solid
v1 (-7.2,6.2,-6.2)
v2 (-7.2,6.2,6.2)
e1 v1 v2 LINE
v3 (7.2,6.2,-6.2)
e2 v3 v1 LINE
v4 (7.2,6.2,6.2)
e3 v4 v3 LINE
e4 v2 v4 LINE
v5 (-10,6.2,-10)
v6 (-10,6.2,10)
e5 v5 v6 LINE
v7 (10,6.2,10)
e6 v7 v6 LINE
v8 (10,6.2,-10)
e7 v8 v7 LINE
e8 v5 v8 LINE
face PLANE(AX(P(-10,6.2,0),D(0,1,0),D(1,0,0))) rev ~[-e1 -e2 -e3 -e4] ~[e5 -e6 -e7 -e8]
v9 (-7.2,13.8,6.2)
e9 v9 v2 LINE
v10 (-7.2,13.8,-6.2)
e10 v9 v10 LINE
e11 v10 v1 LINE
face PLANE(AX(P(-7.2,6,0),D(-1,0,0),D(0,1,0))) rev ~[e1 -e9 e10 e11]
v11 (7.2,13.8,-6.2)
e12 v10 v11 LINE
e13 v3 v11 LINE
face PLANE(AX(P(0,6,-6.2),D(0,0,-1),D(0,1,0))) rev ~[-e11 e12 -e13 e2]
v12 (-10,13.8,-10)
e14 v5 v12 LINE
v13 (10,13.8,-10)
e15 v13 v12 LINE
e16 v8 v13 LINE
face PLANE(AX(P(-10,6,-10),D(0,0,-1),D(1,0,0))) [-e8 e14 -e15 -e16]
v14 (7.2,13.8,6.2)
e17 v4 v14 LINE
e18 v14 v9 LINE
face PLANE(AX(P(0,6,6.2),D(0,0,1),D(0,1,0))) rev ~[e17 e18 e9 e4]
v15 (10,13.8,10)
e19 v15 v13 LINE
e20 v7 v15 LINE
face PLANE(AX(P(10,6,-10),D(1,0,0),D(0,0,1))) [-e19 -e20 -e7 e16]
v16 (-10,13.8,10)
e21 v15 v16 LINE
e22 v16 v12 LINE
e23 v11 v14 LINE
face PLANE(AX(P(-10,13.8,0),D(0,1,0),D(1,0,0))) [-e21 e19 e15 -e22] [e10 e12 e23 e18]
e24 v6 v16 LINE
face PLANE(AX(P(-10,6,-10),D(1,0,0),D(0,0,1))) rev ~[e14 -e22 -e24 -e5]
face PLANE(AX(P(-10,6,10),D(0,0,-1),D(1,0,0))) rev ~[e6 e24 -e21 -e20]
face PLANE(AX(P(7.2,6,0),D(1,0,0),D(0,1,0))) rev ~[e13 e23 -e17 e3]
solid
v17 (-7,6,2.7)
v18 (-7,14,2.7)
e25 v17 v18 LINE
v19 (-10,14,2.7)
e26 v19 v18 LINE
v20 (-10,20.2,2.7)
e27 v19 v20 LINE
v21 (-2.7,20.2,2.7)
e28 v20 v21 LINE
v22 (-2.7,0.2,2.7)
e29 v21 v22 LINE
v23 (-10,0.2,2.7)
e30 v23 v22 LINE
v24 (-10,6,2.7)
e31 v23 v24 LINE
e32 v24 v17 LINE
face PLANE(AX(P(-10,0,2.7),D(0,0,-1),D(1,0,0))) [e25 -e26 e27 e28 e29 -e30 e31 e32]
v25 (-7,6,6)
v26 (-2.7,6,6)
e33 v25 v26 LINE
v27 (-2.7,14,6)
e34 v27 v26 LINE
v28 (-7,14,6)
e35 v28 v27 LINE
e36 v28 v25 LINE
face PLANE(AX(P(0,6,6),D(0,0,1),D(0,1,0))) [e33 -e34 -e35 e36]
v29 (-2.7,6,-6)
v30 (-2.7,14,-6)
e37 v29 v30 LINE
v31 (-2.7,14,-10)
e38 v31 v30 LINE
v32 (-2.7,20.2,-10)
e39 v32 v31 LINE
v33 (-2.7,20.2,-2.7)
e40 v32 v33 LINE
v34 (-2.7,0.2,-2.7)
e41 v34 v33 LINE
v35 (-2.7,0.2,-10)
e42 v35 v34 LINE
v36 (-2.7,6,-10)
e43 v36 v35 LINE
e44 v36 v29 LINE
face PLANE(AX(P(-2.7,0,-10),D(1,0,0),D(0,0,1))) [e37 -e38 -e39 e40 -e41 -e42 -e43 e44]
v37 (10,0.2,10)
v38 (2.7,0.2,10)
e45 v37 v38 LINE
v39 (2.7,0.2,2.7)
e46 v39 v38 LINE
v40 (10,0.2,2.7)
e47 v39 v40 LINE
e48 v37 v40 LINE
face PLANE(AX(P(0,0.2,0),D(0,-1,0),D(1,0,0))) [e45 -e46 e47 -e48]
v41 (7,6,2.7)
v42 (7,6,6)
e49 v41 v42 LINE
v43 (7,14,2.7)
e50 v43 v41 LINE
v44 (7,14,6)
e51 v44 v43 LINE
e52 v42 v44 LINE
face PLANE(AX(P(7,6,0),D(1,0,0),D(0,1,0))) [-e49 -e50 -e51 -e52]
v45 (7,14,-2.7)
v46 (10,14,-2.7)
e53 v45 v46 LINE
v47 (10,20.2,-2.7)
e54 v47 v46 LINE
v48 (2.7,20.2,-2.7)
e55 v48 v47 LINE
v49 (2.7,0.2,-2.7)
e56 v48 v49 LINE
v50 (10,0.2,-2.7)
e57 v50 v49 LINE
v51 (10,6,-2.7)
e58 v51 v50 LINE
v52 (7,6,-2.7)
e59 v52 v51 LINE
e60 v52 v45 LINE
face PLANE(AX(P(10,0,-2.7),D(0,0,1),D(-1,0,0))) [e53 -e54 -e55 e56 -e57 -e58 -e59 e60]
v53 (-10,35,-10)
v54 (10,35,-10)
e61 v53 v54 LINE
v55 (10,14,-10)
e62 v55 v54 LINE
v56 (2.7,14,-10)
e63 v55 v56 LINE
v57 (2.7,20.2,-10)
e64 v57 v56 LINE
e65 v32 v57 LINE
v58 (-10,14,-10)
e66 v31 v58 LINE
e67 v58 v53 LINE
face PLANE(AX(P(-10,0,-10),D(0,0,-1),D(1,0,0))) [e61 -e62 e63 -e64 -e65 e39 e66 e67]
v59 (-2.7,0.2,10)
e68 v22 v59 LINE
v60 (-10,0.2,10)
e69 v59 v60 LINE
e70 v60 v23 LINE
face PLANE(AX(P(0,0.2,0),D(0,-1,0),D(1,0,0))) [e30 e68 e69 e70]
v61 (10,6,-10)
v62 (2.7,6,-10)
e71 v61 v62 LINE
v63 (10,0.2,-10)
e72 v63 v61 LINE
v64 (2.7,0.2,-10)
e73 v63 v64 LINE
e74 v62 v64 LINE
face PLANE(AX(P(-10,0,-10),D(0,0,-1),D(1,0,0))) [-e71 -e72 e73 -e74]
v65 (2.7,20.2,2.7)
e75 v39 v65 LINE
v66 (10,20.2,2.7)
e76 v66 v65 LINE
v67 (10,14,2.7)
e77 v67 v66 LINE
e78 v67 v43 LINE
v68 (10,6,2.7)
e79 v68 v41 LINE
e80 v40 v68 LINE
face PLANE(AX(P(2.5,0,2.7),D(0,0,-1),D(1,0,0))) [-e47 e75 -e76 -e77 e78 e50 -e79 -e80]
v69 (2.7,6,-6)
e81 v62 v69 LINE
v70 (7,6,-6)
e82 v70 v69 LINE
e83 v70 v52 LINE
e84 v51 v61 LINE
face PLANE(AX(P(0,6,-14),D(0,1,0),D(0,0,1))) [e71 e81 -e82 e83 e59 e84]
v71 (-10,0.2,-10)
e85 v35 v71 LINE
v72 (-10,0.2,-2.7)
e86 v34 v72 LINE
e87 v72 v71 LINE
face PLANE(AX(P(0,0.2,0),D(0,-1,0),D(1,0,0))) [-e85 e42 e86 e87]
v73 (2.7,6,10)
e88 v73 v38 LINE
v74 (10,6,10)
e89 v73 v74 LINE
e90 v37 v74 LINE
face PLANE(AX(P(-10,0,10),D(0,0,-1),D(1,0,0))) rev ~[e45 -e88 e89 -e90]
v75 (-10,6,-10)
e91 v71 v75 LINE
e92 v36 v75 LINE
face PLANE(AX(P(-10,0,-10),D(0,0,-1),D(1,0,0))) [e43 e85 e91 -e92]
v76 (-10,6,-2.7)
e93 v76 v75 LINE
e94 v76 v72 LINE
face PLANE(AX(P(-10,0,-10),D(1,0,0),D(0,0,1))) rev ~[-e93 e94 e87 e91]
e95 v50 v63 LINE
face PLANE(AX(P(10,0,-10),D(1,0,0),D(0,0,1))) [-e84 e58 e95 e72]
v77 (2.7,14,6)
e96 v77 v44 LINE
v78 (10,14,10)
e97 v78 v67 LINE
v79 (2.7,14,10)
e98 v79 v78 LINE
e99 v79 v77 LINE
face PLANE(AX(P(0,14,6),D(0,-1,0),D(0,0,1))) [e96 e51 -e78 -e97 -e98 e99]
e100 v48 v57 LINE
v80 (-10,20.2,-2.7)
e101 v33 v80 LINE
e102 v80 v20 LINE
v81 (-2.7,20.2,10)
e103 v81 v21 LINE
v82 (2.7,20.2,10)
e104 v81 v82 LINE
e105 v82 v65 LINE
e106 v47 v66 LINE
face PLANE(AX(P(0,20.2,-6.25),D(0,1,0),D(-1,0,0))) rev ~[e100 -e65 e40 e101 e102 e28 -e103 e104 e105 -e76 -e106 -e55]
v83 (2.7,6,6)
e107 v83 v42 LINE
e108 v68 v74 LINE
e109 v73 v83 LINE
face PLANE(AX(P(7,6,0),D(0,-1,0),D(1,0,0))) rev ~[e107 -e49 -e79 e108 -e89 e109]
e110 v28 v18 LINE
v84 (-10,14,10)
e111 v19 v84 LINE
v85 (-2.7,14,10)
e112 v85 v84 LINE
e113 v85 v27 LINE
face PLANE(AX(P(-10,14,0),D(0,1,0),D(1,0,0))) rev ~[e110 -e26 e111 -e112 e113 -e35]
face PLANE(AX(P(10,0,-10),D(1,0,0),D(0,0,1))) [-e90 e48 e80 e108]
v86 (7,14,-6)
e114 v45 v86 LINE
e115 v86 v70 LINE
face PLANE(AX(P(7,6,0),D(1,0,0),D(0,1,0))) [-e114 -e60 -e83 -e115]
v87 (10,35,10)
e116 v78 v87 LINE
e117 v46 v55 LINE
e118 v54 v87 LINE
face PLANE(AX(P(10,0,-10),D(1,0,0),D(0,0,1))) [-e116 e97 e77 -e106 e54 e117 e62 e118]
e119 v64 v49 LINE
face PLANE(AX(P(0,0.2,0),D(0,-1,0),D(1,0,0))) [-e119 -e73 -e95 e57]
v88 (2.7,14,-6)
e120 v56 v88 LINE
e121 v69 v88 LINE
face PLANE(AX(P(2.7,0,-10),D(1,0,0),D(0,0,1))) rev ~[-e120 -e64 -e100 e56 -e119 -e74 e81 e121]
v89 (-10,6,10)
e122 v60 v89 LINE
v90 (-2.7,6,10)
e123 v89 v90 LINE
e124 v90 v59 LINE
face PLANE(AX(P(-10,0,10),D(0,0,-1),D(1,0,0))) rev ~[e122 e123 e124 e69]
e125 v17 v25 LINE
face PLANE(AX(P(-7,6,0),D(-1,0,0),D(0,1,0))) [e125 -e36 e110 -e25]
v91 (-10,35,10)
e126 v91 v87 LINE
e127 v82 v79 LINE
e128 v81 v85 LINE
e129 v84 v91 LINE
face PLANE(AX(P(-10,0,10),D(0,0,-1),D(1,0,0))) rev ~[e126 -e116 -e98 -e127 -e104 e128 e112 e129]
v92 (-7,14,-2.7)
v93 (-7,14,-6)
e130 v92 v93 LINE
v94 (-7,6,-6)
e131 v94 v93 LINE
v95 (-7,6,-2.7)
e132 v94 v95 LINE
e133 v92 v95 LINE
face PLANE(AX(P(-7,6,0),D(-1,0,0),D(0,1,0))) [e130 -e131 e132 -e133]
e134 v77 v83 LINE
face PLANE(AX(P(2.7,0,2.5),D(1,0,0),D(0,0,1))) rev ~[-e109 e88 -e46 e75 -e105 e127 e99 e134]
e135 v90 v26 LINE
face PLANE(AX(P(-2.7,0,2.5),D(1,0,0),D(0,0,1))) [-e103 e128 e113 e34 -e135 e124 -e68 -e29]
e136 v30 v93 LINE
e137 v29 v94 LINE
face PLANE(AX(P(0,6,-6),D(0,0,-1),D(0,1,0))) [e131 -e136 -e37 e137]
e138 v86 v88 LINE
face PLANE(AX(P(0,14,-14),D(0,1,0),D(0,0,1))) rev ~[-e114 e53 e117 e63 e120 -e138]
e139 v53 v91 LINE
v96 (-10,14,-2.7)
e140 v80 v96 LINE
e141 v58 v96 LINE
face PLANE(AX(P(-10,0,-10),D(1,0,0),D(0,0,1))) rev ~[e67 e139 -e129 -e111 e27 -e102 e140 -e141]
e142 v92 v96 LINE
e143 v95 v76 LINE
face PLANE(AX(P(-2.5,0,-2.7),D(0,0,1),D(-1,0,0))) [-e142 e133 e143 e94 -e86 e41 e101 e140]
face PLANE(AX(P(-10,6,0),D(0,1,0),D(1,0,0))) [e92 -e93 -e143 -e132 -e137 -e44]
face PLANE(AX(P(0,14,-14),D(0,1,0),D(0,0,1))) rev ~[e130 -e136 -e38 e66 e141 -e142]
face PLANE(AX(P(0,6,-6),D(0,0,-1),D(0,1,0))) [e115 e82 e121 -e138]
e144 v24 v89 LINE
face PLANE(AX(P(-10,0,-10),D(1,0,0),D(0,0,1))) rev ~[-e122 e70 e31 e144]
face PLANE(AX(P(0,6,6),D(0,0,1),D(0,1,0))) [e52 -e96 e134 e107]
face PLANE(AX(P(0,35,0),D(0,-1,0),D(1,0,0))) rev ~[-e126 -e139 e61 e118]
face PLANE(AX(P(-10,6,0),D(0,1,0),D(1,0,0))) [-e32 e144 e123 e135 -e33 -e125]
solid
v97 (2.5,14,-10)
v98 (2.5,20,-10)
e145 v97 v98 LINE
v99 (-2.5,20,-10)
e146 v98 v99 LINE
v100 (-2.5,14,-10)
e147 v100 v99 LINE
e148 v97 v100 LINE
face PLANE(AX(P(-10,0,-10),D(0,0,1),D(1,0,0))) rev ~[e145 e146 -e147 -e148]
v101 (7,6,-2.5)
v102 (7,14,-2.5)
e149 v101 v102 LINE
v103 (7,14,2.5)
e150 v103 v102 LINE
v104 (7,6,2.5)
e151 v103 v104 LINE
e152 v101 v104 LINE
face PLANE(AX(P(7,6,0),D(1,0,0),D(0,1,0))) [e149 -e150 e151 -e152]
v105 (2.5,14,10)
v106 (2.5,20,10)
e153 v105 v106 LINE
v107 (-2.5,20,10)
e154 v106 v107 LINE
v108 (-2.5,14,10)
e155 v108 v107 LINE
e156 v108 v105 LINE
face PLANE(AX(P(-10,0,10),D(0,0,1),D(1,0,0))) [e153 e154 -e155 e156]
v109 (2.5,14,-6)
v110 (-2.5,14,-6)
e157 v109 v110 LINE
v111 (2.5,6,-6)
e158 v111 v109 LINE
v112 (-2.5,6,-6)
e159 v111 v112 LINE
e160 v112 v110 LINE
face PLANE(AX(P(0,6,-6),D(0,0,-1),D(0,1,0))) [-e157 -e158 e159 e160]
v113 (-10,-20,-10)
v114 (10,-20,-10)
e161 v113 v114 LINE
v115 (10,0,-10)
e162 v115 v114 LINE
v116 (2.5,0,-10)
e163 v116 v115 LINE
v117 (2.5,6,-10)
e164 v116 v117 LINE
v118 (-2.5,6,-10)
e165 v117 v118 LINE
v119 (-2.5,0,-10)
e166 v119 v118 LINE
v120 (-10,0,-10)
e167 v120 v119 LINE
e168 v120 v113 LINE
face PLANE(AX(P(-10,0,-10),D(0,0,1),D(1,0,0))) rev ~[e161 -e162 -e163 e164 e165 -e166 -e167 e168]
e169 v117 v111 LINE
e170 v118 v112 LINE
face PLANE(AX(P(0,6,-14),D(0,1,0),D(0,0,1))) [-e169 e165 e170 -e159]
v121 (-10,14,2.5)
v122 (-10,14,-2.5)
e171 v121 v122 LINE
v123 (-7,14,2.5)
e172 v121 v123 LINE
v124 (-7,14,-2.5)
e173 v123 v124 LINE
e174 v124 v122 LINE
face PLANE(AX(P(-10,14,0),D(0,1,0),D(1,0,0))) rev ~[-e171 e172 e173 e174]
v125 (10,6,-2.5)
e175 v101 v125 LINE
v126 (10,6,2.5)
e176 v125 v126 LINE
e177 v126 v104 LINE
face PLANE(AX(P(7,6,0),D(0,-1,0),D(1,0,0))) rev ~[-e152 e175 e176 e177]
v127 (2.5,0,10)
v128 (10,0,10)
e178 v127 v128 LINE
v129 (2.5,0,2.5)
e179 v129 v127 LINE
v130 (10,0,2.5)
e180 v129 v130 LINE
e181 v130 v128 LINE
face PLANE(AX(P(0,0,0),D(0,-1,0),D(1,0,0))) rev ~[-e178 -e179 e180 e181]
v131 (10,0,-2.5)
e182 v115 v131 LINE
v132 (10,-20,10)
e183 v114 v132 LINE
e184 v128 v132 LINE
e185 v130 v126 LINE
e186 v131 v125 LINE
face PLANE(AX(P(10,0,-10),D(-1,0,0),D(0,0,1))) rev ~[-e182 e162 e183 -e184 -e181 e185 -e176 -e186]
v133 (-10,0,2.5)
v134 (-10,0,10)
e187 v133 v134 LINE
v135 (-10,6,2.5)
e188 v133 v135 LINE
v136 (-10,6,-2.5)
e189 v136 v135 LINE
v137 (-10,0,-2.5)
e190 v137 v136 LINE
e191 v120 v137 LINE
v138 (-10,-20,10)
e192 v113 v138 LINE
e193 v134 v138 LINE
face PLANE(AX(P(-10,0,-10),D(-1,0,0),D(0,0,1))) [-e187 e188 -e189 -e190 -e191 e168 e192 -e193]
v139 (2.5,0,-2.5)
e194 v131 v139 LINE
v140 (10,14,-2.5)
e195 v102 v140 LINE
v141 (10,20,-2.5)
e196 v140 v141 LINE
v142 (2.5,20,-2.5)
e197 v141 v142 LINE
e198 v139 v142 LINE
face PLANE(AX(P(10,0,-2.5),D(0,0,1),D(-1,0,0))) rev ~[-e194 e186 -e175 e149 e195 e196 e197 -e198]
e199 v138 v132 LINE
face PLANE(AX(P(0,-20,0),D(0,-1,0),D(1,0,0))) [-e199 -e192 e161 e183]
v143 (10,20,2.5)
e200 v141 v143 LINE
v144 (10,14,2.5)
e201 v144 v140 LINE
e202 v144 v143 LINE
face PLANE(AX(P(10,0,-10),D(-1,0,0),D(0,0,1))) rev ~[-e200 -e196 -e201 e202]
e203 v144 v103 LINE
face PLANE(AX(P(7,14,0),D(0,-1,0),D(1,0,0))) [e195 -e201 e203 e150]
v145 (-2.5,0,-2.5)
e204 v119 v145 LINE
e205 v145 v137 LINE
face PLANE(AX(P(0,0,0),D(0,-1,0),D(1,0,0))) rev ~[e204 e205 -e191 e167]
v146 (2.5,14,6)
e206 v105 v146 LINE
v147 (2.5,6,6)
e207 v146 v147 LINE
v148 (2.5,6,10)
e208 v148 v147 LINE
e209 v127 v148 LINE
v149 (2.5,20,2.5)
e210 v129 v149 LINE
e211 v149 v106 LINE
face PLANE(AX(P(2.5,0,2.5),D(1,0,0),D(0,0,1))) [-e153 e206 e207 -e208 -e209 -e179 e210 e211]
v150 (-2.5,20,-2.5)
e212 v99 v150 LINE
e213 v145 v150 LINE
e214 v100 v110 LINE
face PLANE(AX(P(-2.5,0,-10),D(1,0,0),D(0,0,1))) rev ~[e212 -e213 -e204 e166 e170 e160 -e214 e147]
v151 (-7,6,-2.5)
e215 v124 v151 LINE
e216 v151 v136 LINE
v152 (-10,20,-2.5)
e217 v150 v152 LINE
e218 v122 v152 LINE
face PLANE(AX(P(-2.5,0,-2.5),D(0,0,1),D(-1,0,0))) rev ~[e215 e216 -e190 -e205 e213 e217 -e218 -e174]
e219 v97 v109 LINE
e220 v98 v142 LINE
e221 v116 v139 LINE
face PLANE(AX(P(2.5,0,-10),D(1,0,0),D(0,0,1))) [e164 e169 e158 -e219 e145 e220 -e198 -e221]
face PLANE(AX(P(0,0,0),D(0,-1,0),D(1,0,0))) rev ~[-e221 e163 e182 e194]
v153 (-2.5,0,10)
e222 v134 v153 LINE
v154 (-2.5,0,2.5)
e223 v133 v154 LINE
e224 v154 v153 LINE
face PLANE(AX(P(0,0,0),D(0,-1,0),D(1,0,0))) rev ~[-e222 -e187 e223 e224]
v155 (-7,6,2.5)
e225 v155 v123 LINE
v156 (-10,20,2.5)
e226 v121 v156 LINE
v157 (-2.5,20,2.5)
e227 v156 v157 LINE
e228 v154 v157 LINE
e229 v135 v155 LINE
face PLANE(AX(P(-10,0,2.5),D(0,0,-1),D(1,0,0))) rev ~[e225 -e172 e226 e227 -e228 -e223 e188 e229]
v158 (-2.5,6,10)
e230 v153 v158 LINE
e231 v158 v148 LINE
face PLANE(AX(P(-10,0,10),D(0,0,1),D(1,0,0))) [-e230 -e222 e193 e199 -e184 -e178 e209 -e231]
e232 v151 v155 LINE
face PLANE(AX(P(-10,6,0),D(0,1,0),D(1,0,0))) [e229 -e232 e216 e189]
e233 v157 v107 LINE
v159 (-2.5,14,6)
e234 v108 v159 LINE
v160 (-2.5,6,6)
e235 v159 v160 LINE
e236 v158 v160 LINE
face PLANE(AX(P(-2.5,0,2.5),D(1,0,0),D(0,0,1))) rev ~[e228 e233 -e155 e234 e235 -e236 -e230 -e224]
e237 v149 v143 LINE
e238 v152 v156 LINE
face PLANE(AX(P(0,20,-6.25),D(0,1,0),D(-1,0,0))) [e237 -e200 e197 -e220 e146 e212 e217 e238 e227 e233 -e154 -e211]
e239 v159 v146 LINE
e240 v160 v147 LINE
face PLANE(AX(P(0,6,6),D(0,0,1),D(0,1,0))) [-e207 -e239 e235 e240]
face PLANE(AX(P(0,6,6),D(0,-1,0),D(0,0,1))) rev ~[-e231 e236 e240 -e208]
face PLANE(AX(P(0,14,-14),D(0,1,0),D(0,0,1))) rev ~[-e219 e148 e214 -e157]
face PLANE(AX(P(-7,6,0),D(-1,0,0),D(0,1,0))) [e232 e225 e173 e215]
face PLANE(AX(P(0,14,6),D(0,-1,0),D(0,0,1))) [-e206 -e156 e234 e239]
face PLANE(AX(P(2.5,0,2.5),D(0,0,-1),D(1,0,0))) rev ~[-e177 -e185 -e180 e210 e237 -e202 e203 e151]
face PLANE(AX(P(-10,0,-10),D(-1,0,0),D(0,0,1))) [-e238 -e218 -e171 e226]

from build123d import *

# Parameters (mm, degrees)
F0_W       = 20
F0_H       = 20
F1_DEPTH   = 20
F2_W       = 5
F2_H       = 7.5
F2_W_2     = 7.5
F2_H_2     = 5
F3_DEPTH   = 20
F4_W       = 20
F4_H       = 20
F5_DEPTH   = 35
F6_OFFSET  = 0.2
F7_W       = 8
F7_H       = 8
F8_DEPTH   = 50
F9_W       = 3
F9_H       = 8
F10_DEPTH  = 50
F12_W      = 20
F12_H      = 20
F13_DEPTH  = 8
F14_OFFSET = 0.2


with BuildPart() as f1:
    # F0 (on Front) → F1 (new body)
    with BuildSketch(Plane.XZ):
        Rectangle(F0_W, F0_H)
    extrude(amount=F1_DEPTH)

    # F2 (on face) → F3 (join)
    with BuildSketch(Plane(origin=(0, 0, 0), x_dir=(-1, 0, 0), z_dir=(0, 1, 0))):
        with Locations((0, -6.25)):
            Rectangle(F2_W, F2_H)
        with Locations((-6.25, 0)):
            Rectangle(F2_W_2, F2_H_2)
        Rectangle(F2_W, F2_H_2)
        with Locations((6.25, 0)):
            Rectangle(F2_W_2, F2_H_2)
        with Locations((0, 6.25)):
            Rectangle(F2_W, F2_H)
    extrude(amount=F3_DEPTH)


with BuildPart() as f5:
    # F4 (on Front) → F5 (new body)
    with BuildSketch(Plane.XZ):
        Rectangle(F4_W, F4_H)
    extrude(amount=-F5_DEPTH)

    # F6: cut F1, made larger all round first
    f6_tool = offset(f1.part, amount=F6_OFFSET, kind=Kind.INTERSECTION, mode=Mode.PRIVATE)
    add(f6_tool, mode=Mode.SUBTRACT)


with BuildPart() as f8_tool:
    # F7 (on Right) → F8 (new body, symmetric)
    with BuildSketch(Plane.YZ):
        with Locations((10, 10)):
            Rectangle(F7_W, F7_H)
        with Locations((10, -10)):
            Rectangle(F7_W, F7_H)
    extrude(amount=F8_DEPTH, both=True)


with BuildPart() as f1_1:
    add(f1.part)

    # F8: cut by f8_tool
    add(f8_tool.part, mode=Mode.SUBTRACT)


with BuildPart() as f5_1:
    add(f5.part)

    # F8: cut by f8_tool
    add(f8_tool.part, mode=Mode.SUBTRACT)


with BuildPart() as f10_tool:
    # F9 (on Top) → F10 (new body, symmetric)
    with BuildSketch(Plane.XY):
        with Locations((-8.5, 10)):
            Rectangle(F9_W, F9_H)
        with Locations((8.5, 10)):
            Rectangle(F9_W, F9_H)
    extrude(amount=F10_DEPTH, both=True)


with BuildPart() as f1_2:
    add(f1_1.part)

    # F10: cut by f10_tool
    add(f10_tool.part, mode=Mode.SUBTRACT)


with BuildPart() as f5_2:
    add(f5_1.part)

    # F10: cut by f10_tool
    add(f10_tool.part, mode=Mode.SUBTRACT)


with BuildPart() as f13:
    # F12 (on plane+point) → F13 (new body, through all)
    with BuildSketch(Plane.XZ.offset(-6)):
        Rectangle(F12_W, F12_H)
    extrude(amount=-F13_DEPTH)

    # F14: cut F1, F5, each made larger all round first
    f14_tool = offset(f1_2.part, amount=F14_OFFSET, kind=Kind.INTERSECTION, mode=Mode.PRIVATE)
    add(f14_tool, mode=Mode.SUBTRACT)
    f14_tool1 = offset(f5_2.part, amount=F14_OFFSET, kind=Kind.INTERSECTION, mode=Mode.PRIVATE)
    add(f14_tool1, mode=Mode.SUBTRACT)


solid = Compound([f1_2.part, f5_2.part, f13.part])
